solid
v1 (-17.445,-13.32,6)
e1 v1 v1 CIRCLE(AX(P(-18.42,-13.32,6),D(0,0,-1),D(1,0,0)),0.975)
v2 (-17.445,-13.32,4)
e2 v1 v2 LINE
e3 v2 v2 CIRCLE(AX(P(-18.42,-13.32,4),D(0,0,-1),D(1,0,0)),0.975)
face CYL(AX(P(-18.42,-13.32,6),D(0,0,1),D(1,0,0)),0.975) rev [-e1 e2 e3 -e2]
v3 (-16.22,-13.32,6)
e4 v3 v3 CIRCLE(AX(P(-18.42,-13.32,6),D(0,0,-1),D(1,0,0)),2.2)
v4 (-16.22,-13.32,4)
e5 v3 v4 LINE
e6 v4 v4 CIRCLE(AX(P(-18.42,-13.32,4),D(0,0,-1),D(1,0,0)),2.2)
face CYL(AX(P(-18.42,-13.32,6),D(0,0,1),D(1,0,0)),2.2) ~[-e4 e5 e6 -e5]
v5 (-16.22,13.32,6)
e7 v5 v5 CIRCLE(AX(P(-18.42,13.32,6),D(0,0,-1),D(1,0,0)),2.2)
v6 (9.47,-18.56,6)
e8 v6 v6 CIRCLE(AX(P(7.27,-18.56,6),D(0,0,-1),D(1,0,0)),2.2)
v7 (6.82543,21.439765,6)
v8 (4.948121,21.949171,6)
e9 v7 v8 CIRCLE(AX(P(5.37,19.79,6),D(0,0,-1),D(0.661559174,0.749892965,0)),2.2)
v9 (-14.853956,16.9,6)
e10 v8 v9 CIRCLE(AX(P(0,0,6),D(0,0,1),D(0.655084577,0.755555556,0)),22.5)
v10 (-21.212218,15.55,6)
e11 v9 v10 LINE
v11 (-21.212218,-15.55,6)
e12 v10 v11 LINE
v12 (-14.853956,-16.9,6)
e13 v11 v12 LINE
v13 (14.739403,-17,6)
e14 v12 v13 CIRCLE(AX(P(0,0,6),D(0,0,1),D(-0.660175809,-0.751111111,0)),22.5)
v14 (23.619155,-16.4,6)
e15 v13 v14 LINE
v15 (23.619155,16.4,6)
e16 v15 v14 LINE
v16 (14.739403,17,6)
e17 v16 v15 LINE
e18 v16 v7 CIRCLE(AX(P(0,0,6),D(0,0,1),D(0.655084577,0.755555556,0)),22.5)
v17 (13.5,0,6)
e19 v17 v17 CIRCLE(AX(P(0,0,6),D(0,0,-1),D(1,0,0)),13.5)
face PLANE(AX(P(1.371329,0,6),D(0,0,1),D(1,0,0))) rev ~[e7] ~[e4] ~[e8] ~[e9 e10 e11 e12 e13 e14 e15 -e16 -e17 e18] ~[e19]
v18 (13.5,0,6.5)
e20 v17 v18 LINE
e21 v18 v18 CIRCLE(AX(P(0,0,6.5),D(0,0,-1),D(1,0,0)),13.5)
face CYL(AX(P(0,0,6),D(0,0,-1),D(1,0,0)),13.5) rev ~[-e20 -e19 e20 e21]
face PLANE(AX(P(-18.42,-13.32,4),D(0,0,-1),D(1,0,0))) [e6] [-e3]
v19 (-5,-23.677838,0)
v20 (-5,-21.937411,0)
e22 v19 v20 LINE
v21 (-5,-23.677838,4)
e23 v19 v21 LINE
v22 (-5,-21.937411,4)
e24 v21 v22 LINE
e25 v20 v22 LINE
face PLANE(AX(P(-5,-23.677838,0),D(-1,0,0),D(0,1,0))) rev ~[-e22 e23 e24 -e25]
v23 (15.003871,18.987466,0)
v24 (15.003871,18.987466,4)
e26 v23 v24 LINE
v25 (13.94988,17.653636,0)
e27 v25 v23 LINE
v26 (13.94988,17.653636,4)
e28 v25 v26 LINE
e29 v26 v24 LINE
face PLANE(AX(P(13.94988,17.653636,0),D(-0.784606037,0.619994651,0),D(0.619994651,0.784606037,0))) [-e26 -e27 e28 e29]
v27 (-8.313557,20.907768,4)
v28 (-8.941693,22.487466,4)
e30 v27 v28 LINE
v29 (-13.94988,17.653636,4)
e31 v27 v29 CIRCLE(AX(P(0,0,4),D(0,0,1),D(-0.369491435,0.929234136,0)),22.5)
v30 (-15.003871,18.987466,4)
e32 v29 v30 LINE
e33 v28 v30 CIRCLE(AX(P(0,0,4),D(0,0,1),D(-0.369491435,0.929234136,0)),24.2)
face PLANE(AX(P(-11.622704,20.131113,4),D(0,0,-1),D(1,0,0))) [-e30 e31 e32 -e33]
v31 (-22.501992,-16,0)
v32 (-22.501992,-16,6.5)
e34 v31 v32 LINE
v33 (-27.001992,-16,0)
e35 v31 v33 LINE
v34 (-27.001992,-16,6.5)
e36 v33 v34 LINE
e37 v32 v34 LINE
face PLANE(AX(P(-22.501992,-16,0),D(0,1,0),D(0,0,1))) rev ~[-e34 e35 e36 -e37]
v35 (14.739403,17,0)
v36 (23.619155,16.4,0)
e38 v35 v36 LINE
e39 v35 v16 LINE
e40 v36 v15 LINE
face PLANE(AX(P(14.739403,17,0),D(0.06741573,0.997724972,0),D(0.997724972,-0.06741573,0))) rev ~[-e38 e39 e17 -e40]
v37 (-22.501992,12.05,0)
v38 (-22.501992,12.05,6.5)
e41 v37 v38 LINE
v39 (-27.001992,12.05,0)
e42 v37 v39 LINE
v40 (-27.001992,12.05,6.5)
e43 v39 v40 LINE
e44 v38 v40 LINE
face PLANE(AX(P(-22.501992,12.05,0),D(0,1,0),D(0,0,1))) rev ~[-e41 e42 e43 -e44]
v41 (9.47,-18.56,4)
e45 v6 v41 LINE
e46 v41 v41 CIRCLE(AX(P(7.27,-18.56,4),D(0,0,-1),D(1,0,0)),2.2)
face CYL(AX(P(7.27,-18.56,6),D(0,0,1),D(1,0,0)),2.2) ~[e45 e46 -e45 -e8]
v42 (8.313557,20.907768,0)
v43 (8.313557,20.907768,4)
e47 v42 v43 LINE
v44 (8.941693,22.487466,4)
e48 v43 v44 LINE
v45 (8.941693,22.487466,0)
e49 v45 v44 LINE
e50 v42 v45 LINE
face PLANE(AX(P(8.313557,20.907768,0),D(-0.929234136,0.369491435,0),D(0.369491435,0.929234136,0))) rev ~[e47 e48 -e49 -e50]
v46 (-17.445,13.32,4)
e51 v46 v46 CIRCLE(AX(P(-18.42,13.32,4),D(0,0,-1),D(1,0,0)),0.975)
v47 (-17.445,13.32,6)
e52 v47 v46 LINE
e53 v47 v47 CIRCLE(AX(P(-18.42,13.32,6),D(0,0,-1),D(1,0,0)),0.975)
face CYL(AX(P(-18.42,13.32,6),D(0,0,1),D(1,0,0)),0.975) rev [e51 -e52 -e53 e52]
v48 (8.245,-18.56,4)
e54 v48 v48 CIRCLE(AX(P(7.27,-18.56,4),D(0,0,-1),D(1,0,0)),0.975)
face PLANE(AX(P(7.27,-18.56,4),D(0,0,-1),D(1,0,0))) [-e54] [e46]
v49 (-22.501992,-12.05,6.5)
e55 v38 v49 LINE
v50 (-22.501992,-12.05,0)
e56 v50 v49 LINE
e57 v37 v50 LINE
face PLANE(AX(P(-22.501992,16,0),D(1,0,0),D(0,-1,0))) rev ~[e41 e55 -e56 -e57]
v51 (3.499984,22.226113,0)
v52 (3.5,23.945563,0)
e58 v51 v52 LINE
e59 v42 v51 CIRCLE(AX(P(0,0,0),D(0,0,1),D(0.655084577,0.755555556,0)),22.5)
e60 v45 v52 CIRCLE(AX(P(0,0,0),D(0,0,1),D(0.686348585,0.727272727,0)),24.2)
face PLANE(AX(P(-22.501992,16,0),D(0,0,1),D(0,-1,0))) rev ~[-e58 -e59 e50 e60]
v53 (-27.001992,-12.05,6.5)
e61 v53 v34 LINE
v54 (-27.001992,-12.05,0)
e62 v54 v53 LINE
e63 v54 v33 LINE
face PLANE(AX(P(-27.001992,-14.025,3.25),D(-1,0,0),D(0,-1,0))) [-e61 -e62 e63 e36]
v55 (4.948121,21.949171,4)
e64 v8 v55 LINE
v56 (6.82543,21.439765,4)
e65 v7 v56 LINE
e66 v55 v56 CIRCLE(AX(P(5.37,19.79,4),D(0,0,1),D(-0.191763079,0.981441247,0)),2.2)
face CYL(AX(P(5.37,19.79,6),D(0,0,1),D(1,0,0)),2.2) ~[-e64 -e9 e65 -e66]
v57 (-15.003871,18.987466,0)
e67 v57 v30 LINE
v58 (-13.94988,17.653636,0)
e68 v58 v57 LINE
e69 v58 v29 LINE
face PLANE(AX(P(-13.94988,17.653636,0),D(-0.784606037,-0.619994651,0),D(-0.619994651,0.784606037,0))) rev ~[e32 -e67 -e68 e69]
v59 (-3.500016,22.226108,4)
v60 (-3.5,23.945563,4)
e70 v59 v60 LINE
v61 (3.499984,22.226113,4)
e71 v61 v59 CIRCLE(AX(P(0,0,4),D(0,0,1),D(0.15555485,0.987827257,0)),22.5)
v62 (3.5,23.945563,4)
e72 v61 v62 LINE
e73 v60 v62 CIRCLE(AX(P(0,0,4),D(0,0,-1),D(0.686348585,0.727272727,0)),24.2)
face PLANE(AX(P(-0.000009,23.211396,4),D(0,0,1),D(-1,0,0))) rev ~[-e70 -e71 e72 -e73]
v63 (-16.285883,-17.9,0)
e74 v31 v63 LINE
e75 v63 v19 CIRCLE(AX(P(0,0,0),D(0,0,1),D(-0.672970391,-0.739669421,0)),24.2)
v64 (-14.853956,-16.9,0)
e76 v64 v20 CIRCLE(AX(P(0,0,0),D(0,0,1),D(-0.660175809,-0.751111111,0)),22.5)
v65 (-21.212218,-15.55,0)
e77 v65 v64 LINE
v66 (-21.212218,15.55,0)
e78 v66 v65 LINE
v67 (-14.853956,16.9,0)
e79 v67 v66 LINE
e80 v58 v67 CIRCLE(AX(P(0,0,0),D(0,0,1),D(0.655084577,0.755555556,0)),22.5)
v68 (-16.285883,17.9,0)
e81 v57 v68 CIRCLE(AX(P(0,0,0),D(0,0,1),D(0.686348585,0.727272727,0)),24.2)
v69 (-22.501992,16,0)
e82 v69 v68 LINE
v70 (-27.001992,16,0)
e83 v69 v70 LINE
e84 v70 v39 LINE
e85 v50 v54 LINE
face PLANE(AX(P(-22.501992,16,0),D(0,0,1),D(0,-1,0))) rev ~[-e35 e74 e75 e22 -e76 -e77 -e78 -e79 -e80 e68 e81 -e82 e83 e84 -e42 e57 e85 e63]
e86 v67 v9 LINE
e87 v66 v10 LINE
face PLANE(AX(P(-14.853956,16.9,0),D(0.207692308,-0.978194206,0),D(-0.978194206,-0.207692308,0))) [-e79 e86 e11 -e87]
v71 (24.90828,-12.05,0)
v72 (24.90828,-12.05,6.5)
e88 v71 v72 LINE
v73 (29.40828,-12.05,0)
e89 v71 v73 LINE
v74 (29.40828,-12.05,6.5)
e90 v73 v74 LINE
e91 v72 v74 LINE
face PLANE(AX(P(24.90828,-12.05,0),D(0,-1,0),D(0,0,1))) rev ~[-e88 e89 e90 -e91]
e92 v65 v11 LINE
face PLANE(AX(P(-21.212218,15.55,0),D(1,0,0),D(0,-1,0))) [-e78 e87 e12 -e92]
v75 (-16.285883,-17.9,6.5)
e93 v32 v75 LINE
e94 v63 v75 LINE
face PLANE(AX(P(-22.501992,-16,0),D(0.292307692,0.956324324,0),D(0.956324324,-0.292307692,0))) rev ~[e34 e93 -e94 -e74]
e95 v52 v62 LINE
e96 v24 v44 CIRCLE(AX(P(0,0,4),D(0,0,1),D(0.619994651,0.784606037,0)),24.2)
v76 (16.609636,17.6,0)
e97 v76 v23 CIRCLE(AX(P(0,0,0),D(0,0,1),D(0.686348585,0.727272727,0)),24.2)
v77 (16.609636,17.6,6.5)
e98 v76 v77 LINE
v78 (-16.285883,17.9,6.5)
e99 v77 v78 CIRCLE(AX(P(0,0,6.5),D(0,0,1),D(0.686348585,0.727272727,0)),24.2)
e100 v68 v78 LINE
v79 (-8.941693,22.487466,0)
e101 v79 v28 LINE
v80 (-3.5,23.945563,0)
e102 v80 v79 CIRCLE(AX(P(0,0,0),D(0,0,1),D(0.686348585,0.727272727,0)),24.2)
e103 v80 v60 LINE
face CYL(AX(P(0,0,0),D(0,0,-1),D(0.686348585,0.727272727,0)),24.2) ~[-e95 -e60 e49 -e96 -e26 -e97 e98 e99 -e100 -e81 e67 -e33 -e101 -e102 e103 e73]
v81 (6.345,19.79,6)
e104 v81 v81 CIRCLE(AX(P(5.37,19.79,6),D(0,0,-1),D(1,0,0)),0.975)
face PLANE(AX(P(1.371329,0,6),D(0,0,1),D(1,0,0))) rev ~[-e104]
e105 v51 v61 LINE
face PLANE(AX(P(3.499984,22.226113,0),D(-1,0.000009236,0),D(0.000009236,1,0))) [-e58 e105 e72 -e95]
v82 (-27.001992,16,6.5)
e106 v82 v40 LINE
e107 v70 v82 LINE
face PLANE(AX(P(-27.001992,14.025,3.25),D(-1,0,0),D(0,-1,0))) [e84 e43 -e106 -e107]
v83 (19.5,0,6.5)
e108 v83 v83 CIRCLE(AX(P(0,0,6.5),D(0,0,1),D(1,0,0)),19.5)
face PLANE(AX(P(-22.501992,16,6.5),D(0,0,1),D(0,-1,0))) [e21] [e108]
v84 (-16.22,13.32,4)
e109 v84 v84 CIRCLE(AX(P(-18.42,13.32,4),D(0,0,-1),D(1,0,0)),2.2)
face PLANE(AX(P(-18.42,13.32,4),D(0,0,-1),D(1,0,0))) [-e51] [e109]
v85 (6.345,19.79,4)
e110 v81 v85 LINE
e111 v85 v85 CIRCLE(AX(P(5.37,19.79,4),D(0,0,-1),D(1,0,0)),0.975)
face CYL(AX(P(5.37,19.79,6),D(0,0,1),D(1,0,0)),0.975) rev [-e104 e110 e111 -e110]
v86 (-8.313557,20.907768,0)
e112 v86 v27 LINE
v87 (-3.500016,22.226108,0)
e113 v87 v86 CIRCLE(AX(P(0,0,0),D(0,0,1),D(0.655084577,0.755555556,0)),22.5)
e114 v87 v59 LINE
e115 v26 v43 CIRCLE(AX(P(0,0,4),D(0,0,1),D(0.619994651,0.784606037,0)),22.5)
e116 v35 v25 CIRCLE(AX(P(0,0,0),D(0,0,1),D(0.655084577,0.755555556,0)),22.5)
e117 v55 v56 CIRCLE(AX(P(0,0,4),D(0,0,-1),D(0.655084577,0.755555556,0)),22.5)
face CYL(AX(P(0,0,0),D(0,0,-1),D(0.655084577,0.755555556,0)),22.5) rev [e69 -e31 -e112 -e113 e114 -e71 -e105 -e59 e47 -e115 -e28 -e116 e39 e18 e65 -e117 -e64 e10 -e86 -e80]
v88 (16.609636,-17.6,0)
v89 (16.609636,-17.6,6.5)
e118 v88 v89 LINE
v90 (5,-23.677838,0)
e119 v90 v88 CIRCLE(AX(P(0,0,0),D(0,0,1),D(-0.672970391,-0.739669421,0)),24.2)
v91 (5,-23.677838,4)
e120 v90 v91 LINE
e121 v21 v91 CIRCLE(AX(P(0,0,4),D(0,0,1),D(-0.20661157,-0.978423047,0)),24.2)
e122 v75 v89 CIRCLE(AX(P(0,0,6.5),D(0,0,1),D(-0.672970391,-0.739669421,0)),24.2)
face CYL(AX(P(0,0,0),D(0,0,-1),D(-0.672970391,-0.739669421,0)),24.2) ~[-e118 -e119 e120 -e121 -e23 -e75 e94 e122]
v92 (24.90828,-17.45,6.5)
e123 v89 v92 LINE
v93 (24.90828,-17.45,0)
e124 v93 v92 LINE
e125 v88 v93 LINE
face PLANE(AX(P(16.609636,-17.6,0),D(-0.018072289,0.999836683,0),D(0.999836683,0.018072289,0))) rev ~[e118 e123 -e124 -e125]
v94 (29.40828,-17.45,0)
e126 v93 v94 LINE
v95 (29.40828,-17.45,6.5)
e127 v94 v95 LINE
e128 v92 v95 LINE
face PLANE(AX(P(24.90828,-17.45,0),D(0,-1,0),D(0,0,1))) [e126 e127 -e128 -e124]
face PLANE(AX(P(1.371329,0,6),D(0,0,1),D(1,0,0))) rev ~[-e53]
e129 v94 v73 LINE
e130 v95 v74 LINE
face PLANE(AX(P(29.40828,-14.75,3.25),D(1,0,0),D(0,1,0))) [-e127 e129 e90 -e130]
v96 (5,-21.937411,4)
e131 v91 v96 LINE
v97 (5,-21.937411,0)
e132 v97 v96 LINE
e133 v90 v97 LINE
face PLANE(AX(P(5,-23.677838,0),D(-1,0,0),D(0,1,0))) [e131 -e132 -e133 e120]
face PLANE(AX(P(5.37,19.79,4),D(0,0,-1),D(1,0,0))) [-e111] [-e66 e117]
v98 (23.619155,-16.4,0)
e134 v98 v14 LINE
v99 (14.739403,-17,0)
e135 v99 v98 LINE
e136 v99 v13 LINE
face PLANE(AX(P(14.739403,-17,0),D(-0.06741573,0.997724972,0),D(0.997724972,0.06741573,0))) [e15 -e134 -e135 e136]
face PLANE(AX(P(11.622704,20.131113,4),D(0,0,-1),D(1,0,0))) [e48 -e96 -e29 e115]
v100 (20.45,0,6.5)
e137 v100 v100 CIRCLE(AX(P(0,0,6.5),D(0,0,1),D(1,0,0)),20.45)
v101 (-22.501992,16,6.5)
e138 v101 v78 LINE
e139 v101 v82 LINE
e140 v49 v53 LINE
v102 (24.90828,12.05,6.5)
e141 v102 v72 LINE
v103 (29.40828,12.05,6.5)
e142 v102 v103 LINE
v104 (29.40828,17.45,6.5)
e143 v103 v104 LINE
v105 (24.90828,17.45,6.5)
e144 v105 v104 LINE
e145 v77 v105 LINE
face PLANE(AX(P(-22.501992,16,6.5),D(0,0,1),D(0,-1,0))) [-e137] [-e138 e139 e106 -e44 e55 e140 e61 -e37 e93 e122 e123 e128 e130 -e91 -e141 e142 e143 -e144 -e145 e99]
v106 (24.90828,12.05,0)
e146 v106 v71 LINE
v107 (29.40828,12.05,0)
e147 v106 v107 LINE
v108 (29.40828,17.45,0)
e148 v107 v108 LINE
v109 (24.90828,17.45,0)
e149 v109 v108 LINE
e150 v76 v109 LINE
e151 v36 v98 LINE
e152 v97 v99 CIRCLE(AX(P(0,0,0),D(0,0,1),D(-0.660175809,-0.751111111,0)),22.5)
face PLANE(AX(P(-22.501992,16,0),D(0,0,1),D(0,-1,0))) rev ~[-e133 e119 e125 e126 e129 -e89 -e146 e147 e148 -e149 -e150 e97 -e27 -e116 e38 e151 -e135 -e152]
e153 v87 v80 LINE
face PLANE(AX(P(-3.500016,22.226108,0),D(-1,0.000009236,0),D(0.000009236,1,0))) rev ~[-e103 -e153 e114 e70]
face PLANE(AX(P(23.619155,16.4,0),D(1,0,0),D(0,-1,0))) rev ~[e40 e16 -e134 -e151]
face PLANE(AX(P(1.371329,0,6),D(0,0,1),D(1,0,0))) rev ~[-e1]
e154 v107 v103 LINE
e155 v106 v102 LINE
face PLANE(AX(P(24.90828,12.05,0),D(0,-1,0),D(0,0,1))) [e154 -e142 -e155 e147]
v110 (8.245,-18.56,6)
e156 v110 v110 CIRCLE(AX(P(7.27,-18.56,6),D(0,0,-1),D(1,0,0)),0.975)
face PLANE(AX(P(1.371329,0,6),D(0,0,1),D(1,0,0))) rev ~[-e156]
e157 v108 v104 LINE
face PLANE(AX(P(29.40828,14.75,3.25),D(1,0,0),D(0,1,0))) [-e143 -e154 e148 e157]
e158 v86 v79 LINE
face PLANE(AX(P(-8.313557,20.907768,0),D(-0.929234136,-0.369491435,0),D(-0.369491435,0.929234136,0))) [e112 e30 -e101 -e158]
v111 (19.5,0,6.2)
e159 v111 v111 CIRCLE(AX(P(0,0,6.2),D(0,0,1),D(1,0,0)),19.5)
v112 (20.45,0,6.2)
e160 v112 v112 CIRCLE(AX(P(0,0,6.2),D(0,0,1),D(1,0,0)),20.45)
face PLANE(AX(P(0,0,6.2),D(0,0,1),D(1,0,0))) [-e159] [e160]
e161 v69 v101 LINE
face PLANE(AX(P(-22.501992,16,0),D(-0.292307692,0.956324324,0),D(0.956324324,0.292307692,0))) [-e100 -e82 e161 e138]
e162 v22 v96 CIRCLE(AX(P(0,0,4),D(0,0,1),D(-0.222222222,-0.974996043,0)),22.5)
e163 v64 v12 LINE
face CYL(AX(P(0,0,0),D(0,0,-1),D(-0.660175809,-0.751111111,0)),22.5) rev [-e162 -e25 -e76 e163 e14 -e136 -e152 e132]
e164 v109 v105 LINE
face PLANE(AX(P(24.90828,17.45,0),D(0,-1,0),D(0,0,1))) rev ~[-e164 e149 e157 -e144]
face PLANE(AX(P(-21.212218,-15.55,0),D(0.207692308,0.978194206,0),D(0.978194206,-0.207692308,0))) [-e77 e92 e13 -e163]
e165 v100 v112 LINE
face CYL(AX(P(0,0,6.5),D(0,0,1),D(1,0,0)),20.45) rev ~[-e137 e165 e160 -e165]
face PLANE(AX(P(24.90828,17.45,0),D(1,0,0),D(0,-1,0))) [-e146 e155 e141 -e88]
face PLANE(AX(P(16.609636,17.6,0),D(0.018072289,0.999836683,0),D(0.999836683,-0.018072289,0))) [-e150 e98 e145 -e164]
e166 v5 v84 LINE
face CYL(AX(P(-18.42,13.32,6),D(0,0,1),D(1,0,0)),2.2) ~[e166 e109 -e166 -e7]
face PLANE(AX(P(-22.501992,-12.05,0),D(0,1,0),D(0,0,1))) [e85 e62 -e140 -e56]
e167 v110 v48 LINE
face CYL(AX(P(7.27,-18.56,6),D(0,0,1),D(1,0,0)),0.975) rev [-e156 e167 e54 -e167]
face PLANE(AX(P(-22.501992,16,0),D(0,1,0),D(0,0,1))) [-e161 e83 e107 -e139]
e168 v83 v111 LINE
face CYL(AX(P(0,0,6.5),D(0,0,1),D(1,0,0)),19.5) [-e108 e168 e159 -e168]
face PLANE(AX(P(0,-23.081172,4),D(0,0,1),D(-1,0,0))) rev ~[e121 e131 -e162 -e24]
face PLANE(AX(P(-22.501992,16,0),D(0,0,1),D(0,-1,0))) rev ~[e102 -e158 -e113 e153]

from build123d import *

# Parameters (mm, degrees)
PAD_DEPTH       = 6.5
POCKET_DEPTH    = 6
SKETCH002_R     = 13.5
POCKET001_DEPTH = 1
SKETCH003_W     = 5.4
SKETCH003_H     = 6.5
PAD001_DEPTH    = 4.5
SKETCH010_W     = 3.95
SKETCH010_H     = 6.5
PAD002_DEPTH    = 4.5
SKETCH014_R     = 20.45
SKETCH014_R_2   = 19.5
POCKET008_DEPTH = 0.3
SKETCH015_R     = 2.2
SKETCH015_R_2   = 0.975
PAD003_DEPTH    = 2
POCKET009_DEPTH = 4
POCKET010_DEPTH = 4


with BuildPart() as part:
    # Sketch → Pad (new body)
    with BuildSketch(Plane.XY):
        with BuildLine():
            Line((-22.5019915649, 16), (-22.5019915649, -16))
            Line((-22.5019915649, -16), (-16.2858834577, -17.9000000001))
            ThreePointArc((-16.2858834577, -17.9000000001), (0.2206895737, -24.1989937004), (16.6096357576, -17.5999999999))
            Line((16.6096357576, -17.5999999999), (24.9082802252, -17.45))
            Line((24.9082802252, 17.45), (24.9082802252, -17.45))
            Line((16.6096357576, 17.6), (24.9082802252, 17.45))
            ThreePointArc((16.6096357576, 17.6), (0.2206895736, 24.1989937004), (-16.2858834578, 17.9))
            Line((-22.5019915649, 16), (-16.2858834578, 17.9))
        make_face()
    extrude(amount=PAD_DEPTH)

    # Sketch001 → Pocket (cut)
    with BuildSketch(Plane.XY):
        with BuildLine():
            Line((-14.8539557021, 16.9), (-21.2122180433, 15.55))
            Line((-21.2122180433, 15.55), (-21.2122180433, -15.55))
            Line((-21.2122180433, -15.55), (-14.8539557021, -16.9))
            ThreePointArc((-14.8539557021, -16.9), (-0.0760301383, -22.4998715423), (14.739402973, -17))
            Line((14.739402973, -17), (23.6191552218, -16.4))
            Line((23.6191552218, 16.4), (23.6191552218, -16.4))
            Line((14.739402973, 17), (23.6191552218, 16.4))
            ThreePointArc((14.739402973, 17), (-0.0760301383, 22.4998715423), (-14.8539557021, 16.9))
        make_face()
    extrude(amount=POCKET_DEPTH, mode=Mode.SUBTRACT)

    # Sketch002 (on Face19 of Pocket) → Pocket001 (cut)
    with BuildSketch(Plane(origin=(0, 0, 6), x_dir=(1, 0, 0), z_dir=(0, 0, -1))):
        Circle(SKETCH002_R)
    extrude(amount=-POCKET001_DEPTH, mode=Mode.SUBTRACT)

    # Sketch003 (on Face7 of Pad) → Pad001 (join)
    with BuildSketch(Plane.YZ.offset(24.9082802252)):
        with Locations((-14.75, 3.25)):
            Rectangle(SKETCH003_W, SKETCH003_H)
        with Locations((14.75, 3.25)):
            Rectangle(SKETCH003_W, SKETCH003_H)
    extrude(amount=PAD001_DEPTH)

    # Sketch010 (on Face3 of Pad) → Pad002 (join)
    with BuildSketch(Plane(origin=(-22.5019915649, 0, 0), x_dir=(0, -1, 0), z_dir=(-1, 0, 0))):
        with Locations((-14.025, 3.25)):
            Rectangle(SKETCH010_W, SKETCH010_H)
        with Locations((14.025, 3.25)):
            Rectangle(SKETCH010_W, SKETCH010_H)
    extrude(amount=PAD002_DEPTH)

    # Sketch014 (on Face10 of Pad) → Pocket008 (cut)
    with BuildSketch(Plane.XY.offset(6.5)):
        Circle(SKETCH014_R)
        Circle(SKETCH014_R_2, mode=Mode.SUBTRACT)
    extrude(amount=-POCKET008_DEPTH, mode=Mode.SUBTRACT)

    # Sketch015 (on Face19 of Pocket) → Pad003 (join)
    with BuildSketch(Plane(origin=(0, 0, 6), x_dir=(1, 0, 0), z_dir=(0, 0, -1))):
        with Locations((-18.42, 13.32)):
            Circle(SKETCH015_R)
        with Locations((-18.42, 13.32)):
            Circle(SKETCH015_R_2, mode=Mode.SUBTRACT)
        with Locations((7.27, 18.56)):
            Circle(SKETCH015_R)
        with Locations((7.27, 18.56)):
            Circle(SKETCH015_R_2, mode=Mode.SUBTRACT)
        with Locations((5.37, -19.79)):
            Circle(SKETCH015_R)
        with Locations((5.37, -19.79)):
            Circle(SKETCH015_R_2, mode=Mode.SUBTRACT)
        with Locations((-18.42, -13.32)):
            Circle(SKETCH015_R)
        with Locations((-18.42, -13.32)):
            Circle(SKETCH015_R_2, mode=Mode.SUBTRACT)
    extrude(amount=PAD003_DEPTH)

    # Sketch016 → Pocket009 (cut)
    with BuildSketch(Plane(origin=(0, 0, 0), x_dir=(-1, 0, 0), z_dir=(0, 0, 1))):
        with BuildLine():
            Line((-5, 23.6778377391), (-5, 21.9374109685))
            ThreePointArc((5, 21.9374109685), (0, 22.5), (-5, 21.9374109685))
            Line((5, 23.6778377391), (5, 21.9374109685))
            ThreePointArc((5, 23.6778377391), (0, 24.2), (-5, 23.6778377391))
        make_face()
    extrude(amount=POCKET009_DEPTH, mode=Mode.SUBTRACT)

    # Sketch017 → Pocket010 (cut)
    with BuildSketch(Plane(origin=(0, 0, 0), x_dir=(-1, 0, 0), z_dir=(0, 0, 1))):
        with BuildLine():
            Line((-3.499984119, -22.2261132717), (-3.5, -23.9455632634))
            ThreePointArc((-3.5, -23.9455632634), (0, -24.2000019575), (3.5, -23.9455632634))
            Line((3.5000158811, -22.2261082701), (3.5, -23.9455632634))
            ThreePointArc((-3.499984119, -22.2261132717), (1.60767e-05, -22.5), (3.5000158811, -22.2261082701))
        make_face()
        with BuildLine():
            ThreePointArc((-13.9498796389, -17.6536358312), (-11.25, -19.4855715851), (-8.3135572795, -20.9077680626))
            Line((-8.3135572795, -20.9077680626), (-8.9416927184, -22.487466094))
            ThreePointArc((-15.0038705449, -18.987466094), (-12.1, -20.9578147716), (-8.9416927184, -22.487466094))
            Line((-13.9498796389, -17.6536358312), (-15.0038705449, -18.987466094))
        make_face()
        with BuildLine():
            ThreePointArc((8.3135572795, -20.9077680626), (11.25, -19.4855715851), (13.9498796389, -17.6536358312))
            Line((13.9498796389, -17.6536358312), (15.0038705449, -18.987466094))
            ThreePointArc((8.9416927184, -22.487466094), (12.1, -20.9578147716), (15.0038705449, -18.987466094))
            Line((8.3135572795, -20.9077680626), (8.9416927184, -22.487466094))
        make_face()
    extrude(amount=POCKET010_DEPTH, mode=Mode.SUBTRACT)


solid = part.part
